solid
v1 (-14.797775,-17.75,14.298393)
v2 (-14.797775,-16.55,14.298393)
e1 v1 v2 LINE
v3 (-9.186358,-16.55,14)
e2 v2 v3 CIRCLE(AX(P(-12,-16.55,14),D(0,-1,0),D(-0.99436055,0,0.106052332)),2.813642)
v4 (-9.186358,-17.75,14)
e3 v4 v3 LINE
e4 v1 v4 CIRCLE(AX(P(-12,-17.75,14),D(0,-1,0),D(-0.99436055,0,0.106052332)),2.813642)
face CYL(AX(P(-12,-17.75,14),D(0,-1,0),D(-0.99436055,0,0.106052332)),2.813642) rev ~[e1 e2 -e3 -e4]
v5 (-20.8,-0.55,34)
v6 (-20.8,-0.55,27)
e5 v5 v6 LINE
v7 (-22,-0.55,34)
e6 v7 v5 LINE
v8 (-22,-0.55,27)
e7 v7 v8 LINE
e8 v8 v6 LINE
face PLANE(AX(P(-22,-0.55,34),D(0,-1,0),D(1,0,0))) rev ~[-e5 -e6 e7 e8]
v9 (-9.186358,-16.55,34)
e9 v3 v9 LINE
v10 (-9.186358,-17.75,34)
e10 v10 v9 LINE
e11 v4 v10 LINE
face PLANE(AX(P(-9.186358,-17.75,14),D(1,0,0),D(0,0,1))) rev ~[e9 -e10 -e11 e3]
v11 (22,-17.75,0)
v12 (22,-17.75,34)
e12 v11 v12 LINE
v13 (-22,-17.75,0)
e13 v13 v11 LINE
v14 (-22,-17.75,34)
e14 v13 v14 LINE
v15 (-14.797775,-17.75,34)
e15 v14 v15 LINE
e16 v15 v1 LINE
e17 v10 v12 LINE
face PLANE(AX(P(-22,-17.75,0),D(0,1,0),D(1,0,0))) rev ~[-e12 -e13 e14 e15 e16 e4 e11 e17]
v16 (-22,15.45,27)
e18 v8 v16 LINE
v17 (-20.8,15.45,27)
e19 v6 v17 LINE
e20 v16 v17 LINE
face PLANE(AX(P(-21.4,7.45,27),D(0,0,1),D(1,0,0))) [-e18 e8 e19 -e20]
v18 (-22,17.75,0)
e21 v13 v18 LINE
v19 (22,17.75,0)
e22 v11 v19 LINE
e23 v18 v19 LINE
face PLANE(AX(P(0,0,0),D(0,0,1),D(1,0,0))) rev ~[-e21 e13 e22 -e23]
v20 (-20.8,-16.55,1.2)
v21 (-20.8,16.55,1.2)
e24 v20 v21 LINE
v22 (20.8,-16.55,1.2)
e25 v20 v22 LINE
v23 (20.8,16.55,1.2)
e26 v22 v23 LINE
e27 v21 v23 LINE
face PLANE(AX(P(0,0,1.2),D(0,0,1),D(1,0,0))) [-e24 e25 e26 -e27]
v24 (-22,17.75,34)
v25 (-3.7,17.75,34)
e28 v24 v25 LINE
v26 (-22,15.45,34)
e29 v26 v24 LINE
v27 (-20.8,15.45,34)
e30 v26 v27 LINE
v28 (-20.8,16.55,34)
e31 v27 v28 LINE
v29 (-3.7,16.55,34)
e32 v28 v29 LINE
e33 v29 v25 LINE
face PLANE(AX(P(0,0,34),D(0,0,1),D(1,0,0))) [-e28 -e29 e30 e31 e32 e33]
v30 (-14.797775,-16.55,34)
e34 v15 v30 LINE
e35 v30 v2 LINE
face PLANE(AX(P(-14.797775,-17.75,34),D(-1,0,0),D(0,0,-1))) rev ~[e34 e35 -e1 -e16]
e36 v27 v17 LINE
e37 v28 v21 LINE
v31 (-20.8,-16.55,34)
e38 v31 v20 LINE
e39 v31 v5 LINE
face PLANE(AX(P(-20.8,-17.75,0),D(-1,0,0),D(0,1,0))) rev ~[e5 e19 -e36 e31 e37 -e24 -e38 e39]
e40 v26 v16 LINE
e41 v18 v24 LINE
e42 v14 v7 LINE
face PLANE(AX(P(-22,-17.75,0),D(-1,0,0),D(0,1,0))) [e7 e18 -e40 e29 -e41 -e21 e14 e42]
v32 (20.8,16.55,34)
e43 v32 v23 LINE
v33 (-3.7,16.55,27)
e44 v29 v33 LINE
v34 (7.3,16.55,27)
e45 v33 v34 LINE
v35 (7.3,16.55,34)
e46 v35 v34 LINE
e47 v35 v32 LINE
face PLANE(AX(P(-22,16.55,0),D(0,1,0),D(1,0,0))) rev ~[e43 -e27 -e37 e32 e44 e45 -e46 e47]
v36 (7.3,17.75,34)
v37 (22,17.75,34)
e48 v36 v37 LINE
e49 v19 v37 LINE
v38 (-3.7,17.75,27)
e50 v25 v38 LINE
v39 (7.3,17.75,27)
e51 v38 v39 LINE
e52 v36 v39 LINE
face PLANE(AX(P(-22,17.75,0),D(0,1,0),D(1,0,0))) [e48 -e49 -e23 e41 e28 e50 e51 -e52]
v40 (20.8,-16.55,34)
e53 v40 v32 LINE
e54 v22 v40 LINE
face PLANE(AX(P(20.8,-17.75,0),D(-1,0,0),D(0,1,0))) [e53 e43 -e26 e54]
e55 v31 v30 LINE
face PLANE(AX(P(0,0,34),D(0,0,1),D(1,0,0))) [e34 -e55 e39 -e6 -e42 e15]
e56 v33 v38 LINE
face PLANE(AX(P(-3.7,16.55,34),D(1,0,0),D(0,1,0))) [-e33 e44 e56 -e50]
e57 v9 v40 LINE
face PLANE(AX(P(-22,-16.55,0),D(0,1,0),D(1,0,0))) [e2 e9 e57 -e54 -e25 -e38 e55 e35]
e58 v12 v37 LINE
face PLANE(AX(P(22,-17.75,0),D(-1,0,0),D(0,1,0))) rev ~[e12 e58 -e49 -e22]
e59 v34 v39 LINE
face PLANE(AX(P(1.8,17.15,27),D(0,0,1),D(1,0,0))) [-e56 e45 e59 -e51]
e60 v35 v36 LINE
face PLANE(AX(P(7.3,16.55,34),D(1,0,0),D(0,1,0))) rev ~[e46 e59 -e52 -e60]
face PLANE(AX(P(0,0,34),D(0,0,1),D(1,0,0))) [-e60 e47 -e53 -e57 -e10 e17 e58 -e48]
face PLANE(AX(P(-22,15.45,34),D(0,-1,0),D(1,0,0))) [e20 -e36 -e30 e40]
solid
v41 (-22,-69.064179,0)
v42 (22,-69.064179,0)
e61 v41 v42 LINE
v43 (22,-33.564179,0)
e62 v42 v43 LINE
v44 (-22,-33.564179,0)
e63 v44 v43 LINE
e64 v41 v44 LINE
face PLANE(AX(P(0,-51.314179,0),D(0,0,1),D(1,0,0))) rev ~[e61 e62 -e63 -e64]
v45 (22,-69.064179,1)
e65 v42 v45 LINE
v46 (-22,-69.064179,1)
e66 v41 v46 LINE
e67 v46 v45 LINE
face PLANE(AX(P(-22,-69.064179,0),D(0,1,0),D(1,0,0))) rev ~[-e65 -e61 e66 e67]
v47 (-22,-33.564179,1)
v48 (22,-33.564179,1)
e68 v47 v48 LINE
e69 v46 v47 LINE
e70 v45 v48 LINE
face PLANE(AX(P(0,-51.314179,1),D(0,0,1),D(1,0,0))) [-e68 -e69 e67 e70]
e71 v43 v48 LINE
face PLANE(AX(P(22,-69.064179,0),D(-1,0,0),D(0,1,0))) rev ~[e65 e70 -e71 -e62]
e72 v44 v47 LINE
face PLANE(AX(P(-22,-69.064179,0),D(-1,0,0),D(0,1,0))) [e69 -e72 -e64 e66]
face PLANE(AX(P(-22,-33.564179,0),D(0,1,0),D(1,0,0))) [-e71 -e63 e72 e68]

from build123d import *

# Parameters (mm, degrees)
F0_W     = 44
F0_H     = 35.5
F1_DEPTH = 34
F2_T     = -1.2
F4_DEPTH = 1.2
F5_W     = 11
F5_H     = 1.2
F5_W_2   = 1.2
F5_H_2   = 16
F6_DEPTH = 7
F7_W     = 44
F7_H     = 35.5
F8_DEPTH = 1


with BuildPart() as f1:
    # F0 (on Top) → F1 (new body)
    with BuildSketch(Plane.XY):
        Rectangle(F0_W, F0_H)
    extrude(amount=F1_DEPTH)

    # F2
    f2_openings = [f1.faces().sort_by_distance(p)[0] for p in [
        (0, 0, 34),
    ]]
    offset(amount=F2_T, openings=f2_openings)

    # F3 (on face) → F4 (cut, through all)
    with BuildSketch(Plane.XZ.offset(17.75)):
        with BuildLine():
            Line((-14.7977748662, 14), (-9.1863577381, 14))
            ThreePointArc((-9.1863577381, 14), (-11.8505925452, 16.8096726127), (-14.7977748662, 14.2983933243))
            Line((-14.7977748662, 14.2983933243), (-14.7977748662, 14))
        make_face()
        with BuildLine():
            ThreePointArc((-14.7977748662, 14.2983933243), (-12.1494074548, 11.1903273873), (-9.1863577381, 14))
            Line((-9.1863577381, 14), (-14.7977748662, 14))
            Line((-14.7977748662, 14), (-14.7977748662, 14.2983933243))
        make_face()
        with BuildLine():
            ThreePointArc((-14.7977748662, 14.2983933243), (-11.8505925452, 16.8096726127), (-9.1863577381, 14))
            Line((-9.1863577381, 14), (-9.1863577381, 34))
            Line((-9.1863577381, 34), (-14.7977748662, 34))
            Line((-14.7977748662, 34), (-14.7977748662, 14.2983933243))
        make_face()
    extrude(amount=-F4_DEPTH, mode=Mode.SUBTRACT)

    # F5 (on face) → F6 (cut)
    with BuildSketch(Plane.XY.offset(34)):
        with Locations((1.8, 17.15)):
            Rectangle(F5_W, F5_H)
        with Locations((-21.4, 7.45)):
            Rectangle(F5_W_2, F5_H_2)
    extrude(amount=-F6_DEPTH, mode=Mode.SUBTRACT)


with BuildPart() as f8:
    # F7 (on Top) → F8 (new body)
    with BuildSketch(Plane.XY):
        with Locations((0, -51.3141791623)):
            Rectangle(F7_W, F7_H)
    extrude(amount=F8_DEPTH)


solid = Compound([f1.part, f8.part])
